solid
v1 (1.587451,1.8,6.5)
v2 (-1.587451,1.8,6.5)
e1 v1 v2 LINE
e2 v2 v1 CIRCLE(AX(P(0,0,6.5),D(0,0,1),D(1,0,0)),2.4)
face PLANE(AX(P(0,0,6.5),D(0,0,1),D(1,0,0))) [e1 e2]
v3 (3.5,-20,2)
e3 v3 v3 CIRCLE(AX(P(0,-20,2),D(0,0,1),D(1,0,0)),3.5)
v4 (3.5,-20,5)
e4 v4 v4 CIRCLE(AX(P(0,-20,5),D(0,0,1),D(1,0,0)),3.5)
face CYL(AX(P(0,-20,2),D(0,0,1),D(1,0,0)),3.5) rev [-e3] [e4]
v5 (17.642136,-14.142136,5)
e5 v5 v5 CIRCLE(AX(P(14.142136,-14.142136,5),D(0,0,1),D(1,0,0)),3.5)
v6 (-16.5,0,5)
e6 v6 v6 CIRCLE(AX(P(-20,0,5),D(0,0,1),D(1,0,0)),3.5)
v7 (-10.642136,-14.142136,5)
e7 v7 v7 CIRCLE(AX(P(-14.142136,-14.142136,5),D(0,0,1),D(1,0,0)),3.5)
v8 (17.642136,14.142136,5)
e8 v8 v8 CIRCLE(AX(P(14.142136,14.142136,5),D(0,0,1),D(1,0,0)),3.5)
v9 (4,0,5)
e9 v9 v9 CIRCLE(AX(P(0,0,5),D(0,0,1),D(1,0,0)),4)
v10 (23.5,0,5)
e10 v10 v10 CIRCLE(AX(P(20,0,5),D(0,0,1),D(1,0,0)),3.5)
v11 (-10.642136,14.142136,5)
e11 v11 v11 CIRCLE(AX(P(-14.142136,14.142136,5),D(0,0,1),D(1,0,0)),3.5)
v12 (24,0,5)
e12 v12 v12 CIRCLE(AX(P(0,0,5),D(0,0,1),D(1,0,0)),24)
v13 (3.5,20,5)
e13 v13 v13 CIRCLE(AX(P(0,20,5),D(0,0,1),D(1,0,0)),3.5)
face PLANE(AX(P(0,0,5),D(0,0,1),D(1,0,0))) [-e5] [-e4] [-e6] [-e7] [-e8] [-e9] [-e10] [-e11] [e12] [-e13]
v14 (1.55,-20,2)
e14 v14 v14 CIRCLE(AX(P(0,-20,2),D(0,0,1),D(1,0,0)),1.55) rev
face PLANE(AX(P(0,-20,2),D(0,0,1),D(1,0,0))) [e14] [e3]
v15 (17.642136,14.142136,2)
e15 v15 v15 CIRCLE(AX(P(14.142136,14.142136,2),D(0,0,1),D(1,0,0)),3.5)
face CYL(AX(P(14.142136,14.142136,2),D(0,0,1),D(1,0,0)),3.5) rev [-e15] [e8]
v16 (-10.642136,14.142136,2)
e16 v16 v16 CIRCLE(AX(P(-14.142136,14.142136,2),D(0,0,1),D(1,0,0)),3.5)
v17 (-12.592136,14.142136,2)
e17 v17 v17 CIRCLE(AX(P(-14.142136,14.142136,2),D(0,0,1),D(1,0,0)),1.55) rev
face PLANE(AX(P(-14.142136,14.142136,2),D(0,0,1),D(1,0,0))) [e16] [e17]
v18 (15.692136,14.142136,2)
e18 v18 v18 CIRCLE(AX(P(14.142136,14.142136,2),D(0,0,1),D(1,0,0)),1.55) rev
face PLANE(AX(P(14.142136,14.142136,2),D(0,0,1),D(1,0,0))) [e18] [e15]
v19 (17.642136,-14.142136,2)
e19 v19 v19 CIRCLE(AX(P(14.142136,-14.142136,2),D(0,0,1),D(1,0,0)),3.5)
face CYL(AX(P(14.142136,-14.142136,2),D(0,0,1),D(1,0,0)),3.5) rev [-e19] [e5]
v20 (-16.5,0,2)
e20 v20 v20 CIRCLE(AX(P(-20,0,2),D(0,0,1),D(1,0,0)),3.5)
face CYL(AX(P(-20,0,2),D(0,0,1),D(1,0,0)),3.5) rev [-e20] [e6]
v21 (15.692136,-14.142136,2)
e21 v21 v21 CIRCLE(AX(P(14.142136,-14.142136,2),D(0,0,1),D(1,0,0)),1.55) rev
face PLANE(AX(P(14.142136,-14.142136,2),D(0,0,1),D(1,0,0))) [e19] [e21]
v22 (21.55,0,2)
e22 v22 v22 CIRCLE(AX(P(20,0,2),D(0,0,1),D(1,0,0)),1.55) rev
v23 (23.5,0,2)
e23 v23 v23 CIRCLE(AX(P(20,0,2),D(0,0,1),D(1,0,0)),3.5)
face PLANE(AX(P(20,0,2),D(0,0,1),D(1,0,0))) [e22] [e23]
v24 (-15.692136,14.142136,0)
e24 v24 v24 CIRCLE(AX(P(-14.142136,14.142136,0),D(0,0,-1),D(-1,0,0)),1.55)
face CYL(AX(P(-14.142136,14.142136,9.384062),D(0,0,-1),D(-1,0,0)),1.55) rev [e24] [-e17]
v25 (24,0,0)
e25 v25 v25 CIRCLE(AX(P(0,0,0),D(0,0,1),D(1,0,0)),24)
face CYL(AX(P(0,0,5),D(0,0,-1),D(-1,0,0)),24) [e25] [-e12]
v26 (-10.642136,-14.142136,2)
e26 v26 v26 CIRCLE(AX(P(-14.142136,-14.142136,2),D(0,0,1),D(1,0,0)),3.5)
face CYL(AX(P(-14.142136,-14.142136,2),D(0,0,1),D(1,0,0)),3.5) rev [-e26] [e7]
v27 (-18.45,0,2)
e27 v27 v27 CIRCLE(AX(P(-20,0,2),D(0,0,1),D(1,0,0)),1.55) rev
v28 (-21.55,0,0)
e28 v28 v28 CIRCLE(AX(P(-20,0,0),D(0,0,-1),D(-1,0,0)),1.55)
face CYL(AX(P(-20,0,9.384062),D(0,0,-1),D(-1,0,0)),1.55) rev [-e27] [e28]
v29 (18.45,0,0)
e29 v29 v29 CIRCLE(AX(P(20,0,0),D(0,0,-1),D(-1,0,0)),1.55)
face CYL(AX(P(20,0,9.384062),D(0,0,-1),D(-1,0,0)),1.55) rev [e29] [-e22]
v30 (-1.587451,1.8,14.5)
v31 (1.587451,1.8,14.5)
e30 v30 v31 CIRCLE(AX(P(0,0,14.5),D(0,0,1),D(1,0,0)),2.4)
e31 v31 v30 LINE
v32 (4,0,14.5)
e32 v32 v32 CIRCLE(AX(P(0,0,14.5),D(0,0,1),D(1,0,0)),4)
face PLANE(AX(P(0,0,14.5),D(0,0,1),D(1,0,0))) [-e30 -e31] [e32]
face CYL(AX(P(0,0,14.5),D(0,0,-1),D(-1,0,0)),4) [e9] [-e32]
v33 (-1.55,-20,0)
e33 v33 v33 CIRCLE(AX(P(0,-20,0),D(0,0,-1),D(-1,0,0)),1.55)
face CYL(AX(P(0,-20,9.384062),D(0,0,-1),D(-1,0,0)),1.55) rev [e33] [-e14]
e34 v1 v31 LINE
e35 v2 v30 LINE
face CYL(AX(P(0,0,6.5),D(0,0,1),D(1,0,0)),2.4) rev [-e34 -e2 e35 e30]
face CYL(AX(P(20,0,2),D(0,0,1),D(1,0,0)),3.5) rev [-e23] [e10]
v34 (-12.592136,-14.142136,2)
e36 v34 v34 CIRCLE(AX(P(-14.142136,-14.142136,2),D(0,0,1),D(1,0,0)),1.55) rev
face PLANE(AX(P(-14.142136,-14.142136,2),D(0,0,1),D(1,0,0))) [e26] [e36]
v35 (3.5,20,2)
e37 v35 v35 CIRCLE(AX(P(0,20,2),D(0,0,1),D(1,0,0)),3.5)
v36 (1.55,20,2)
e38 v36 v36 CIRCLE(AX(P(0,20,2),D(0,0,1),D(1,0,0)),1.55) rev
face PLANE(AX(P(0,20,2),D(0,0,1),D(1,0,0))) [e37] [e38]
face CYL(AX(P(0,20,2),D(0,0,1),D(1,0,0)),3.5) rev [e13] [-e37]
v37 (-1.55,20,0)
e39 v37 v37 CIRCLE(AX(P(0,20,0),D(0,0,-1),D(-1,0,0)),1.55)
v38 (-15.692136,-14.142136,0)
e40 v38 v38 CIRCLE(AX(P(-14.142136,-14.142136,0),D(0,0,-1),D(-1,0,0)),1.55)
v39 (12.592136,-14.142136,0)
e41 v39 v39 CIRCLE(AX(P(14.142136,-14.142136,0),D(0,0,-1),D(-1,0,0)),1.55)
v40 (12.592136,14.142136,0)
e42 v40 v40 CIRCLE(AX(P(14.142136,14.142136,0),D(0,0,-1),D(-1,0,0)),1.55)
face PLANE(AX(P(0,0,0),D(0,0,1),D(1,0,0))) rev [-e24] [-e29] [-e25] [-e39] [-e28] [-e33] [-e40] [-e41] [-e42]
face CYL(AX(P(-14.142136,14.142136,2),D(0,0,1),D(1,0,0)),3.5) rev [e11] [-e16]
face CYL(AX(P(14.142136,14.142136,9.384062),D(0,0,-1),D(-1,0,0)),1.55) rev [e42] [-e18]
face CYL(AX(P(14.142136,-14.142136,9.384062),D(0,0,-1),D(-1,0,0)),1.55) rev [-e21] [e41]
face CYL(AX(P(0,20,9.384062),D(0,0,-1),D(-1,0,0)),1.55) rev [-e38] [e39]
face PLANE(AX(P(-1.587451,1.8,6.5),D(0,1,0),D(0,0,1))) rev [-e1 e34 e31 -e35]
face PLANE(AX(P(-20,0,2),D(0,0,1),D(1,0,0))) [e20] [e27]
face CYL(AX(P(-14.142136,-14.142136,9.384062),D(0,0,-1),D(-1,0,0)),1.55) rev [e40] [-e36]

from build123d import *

# Parameters (mm, degrees)
SKETCH6_R           = 24
BOSS_EXTRUDE1_DEPTH = 5
SKETCH8_R           = 1.55
CUT_EXTRUDE6_DEPTH  = 5
SKETCH10_R          = 4
BOSS_EXTRUDE2_DEPTH = 9.5
SKETCH11_R          = 3.5
CUT_EXTRUDE8_DEPTH  = 3
CUT_EXTRUDE9_DEPTH  = 8


with BuildPart() as part:
    # Sketch6 → Boss-Extrude1 (new body)
    with BuildSketch(Plane.XY):
        Circle(SKETCH6_R)
    extrude(amount=BOSS_EXTRUDE1_DEPTH)

    # Sketch8 → Cut-Extrude6 (cut)
    with BuildSketch(Plane(origin=(0, 0, 0), x_dir=(-1, 0, 0), z_dir=(0, 0, -1))):
        with Locations((0, 20)):
            Circle(SKETCH8_R)
        with Locations((14.142135624, 14.142135624)):
            Circle(SKETCH8_R)
        with Locations((20, 0)):
            Circle(SKETCH8_R)
        with Locations((14.142135624, -14.142135624)):
            Circle(SKETCH8_R)
        with Locations((0, -20)):
            Circle(SKETCH8_R)
        with Locations((-14.142135624, -14.142135624)):
            Circle(SKETCH8_R)
        with Locations((-20, 0)):
            Circle(SKETCH8_R)
        with Locations((-14.142135624, 14.142135624)):
            Circle(SKETCH8_R)
    extrude(amount=-CUT_EXTRUDE6_DEPTH, mode=Mode.SUBTRACT)

    # Sketch10 → Boss-Extrude2 (add)
    with BuildSketch(Plane.XY.offset(5)):
        Circle(SKETCH10_R)
    extrude(amount=BOSS_EXTRUDE2_DEPTH)

    # Sketch11 → Cut-Extrude8 (cut)
    with BuildSketch(Plane.XY.offset(5)):
        with Locations((0, 20)):
            Circle(SKETCH11_R)
        with Locations((14.142135624, 14.142135624)):
            Circle(SKETCH11_R)
        with Locations((20, 0)):
            Circle(SKETCH11_R)
        with Locations((14.142135624, -14.142135624)):
            Circle(SKETCH11_R)
        with Locations((0, -20)):
            Circle(SKETCH11_R)
        with Locations((-14.142135624, -14.142135624)):
            Circle(SKETCH11_R)
        with Locations((-20, 0)):
            Circle(SKETCH11_R)
        with Locations((-14.142135624, 14.142135624)):
            Circle(SKETCH11_R)
    extrude(amount=-CUT_EXTRUDE8_DEPTH, mode=Mode.SUBTRACT)

    # Sketch12 → Cut-Extrude9 (cut)
    with BuildSketch(Plane.XY.offset(14.5)):
        with BuildLine():
            Line((-1.587450787, 1.8), (1.587450787, 1.8))
            ThreePointArc((1.587450787, 1.8), (0, -2.4), (-1.587450787, 1.8))
        make_face()
    extrude(amount=-CUT_EXTRUDE9_DEPTH, mode=Mode.SUBTRACT)


solid = part.part
